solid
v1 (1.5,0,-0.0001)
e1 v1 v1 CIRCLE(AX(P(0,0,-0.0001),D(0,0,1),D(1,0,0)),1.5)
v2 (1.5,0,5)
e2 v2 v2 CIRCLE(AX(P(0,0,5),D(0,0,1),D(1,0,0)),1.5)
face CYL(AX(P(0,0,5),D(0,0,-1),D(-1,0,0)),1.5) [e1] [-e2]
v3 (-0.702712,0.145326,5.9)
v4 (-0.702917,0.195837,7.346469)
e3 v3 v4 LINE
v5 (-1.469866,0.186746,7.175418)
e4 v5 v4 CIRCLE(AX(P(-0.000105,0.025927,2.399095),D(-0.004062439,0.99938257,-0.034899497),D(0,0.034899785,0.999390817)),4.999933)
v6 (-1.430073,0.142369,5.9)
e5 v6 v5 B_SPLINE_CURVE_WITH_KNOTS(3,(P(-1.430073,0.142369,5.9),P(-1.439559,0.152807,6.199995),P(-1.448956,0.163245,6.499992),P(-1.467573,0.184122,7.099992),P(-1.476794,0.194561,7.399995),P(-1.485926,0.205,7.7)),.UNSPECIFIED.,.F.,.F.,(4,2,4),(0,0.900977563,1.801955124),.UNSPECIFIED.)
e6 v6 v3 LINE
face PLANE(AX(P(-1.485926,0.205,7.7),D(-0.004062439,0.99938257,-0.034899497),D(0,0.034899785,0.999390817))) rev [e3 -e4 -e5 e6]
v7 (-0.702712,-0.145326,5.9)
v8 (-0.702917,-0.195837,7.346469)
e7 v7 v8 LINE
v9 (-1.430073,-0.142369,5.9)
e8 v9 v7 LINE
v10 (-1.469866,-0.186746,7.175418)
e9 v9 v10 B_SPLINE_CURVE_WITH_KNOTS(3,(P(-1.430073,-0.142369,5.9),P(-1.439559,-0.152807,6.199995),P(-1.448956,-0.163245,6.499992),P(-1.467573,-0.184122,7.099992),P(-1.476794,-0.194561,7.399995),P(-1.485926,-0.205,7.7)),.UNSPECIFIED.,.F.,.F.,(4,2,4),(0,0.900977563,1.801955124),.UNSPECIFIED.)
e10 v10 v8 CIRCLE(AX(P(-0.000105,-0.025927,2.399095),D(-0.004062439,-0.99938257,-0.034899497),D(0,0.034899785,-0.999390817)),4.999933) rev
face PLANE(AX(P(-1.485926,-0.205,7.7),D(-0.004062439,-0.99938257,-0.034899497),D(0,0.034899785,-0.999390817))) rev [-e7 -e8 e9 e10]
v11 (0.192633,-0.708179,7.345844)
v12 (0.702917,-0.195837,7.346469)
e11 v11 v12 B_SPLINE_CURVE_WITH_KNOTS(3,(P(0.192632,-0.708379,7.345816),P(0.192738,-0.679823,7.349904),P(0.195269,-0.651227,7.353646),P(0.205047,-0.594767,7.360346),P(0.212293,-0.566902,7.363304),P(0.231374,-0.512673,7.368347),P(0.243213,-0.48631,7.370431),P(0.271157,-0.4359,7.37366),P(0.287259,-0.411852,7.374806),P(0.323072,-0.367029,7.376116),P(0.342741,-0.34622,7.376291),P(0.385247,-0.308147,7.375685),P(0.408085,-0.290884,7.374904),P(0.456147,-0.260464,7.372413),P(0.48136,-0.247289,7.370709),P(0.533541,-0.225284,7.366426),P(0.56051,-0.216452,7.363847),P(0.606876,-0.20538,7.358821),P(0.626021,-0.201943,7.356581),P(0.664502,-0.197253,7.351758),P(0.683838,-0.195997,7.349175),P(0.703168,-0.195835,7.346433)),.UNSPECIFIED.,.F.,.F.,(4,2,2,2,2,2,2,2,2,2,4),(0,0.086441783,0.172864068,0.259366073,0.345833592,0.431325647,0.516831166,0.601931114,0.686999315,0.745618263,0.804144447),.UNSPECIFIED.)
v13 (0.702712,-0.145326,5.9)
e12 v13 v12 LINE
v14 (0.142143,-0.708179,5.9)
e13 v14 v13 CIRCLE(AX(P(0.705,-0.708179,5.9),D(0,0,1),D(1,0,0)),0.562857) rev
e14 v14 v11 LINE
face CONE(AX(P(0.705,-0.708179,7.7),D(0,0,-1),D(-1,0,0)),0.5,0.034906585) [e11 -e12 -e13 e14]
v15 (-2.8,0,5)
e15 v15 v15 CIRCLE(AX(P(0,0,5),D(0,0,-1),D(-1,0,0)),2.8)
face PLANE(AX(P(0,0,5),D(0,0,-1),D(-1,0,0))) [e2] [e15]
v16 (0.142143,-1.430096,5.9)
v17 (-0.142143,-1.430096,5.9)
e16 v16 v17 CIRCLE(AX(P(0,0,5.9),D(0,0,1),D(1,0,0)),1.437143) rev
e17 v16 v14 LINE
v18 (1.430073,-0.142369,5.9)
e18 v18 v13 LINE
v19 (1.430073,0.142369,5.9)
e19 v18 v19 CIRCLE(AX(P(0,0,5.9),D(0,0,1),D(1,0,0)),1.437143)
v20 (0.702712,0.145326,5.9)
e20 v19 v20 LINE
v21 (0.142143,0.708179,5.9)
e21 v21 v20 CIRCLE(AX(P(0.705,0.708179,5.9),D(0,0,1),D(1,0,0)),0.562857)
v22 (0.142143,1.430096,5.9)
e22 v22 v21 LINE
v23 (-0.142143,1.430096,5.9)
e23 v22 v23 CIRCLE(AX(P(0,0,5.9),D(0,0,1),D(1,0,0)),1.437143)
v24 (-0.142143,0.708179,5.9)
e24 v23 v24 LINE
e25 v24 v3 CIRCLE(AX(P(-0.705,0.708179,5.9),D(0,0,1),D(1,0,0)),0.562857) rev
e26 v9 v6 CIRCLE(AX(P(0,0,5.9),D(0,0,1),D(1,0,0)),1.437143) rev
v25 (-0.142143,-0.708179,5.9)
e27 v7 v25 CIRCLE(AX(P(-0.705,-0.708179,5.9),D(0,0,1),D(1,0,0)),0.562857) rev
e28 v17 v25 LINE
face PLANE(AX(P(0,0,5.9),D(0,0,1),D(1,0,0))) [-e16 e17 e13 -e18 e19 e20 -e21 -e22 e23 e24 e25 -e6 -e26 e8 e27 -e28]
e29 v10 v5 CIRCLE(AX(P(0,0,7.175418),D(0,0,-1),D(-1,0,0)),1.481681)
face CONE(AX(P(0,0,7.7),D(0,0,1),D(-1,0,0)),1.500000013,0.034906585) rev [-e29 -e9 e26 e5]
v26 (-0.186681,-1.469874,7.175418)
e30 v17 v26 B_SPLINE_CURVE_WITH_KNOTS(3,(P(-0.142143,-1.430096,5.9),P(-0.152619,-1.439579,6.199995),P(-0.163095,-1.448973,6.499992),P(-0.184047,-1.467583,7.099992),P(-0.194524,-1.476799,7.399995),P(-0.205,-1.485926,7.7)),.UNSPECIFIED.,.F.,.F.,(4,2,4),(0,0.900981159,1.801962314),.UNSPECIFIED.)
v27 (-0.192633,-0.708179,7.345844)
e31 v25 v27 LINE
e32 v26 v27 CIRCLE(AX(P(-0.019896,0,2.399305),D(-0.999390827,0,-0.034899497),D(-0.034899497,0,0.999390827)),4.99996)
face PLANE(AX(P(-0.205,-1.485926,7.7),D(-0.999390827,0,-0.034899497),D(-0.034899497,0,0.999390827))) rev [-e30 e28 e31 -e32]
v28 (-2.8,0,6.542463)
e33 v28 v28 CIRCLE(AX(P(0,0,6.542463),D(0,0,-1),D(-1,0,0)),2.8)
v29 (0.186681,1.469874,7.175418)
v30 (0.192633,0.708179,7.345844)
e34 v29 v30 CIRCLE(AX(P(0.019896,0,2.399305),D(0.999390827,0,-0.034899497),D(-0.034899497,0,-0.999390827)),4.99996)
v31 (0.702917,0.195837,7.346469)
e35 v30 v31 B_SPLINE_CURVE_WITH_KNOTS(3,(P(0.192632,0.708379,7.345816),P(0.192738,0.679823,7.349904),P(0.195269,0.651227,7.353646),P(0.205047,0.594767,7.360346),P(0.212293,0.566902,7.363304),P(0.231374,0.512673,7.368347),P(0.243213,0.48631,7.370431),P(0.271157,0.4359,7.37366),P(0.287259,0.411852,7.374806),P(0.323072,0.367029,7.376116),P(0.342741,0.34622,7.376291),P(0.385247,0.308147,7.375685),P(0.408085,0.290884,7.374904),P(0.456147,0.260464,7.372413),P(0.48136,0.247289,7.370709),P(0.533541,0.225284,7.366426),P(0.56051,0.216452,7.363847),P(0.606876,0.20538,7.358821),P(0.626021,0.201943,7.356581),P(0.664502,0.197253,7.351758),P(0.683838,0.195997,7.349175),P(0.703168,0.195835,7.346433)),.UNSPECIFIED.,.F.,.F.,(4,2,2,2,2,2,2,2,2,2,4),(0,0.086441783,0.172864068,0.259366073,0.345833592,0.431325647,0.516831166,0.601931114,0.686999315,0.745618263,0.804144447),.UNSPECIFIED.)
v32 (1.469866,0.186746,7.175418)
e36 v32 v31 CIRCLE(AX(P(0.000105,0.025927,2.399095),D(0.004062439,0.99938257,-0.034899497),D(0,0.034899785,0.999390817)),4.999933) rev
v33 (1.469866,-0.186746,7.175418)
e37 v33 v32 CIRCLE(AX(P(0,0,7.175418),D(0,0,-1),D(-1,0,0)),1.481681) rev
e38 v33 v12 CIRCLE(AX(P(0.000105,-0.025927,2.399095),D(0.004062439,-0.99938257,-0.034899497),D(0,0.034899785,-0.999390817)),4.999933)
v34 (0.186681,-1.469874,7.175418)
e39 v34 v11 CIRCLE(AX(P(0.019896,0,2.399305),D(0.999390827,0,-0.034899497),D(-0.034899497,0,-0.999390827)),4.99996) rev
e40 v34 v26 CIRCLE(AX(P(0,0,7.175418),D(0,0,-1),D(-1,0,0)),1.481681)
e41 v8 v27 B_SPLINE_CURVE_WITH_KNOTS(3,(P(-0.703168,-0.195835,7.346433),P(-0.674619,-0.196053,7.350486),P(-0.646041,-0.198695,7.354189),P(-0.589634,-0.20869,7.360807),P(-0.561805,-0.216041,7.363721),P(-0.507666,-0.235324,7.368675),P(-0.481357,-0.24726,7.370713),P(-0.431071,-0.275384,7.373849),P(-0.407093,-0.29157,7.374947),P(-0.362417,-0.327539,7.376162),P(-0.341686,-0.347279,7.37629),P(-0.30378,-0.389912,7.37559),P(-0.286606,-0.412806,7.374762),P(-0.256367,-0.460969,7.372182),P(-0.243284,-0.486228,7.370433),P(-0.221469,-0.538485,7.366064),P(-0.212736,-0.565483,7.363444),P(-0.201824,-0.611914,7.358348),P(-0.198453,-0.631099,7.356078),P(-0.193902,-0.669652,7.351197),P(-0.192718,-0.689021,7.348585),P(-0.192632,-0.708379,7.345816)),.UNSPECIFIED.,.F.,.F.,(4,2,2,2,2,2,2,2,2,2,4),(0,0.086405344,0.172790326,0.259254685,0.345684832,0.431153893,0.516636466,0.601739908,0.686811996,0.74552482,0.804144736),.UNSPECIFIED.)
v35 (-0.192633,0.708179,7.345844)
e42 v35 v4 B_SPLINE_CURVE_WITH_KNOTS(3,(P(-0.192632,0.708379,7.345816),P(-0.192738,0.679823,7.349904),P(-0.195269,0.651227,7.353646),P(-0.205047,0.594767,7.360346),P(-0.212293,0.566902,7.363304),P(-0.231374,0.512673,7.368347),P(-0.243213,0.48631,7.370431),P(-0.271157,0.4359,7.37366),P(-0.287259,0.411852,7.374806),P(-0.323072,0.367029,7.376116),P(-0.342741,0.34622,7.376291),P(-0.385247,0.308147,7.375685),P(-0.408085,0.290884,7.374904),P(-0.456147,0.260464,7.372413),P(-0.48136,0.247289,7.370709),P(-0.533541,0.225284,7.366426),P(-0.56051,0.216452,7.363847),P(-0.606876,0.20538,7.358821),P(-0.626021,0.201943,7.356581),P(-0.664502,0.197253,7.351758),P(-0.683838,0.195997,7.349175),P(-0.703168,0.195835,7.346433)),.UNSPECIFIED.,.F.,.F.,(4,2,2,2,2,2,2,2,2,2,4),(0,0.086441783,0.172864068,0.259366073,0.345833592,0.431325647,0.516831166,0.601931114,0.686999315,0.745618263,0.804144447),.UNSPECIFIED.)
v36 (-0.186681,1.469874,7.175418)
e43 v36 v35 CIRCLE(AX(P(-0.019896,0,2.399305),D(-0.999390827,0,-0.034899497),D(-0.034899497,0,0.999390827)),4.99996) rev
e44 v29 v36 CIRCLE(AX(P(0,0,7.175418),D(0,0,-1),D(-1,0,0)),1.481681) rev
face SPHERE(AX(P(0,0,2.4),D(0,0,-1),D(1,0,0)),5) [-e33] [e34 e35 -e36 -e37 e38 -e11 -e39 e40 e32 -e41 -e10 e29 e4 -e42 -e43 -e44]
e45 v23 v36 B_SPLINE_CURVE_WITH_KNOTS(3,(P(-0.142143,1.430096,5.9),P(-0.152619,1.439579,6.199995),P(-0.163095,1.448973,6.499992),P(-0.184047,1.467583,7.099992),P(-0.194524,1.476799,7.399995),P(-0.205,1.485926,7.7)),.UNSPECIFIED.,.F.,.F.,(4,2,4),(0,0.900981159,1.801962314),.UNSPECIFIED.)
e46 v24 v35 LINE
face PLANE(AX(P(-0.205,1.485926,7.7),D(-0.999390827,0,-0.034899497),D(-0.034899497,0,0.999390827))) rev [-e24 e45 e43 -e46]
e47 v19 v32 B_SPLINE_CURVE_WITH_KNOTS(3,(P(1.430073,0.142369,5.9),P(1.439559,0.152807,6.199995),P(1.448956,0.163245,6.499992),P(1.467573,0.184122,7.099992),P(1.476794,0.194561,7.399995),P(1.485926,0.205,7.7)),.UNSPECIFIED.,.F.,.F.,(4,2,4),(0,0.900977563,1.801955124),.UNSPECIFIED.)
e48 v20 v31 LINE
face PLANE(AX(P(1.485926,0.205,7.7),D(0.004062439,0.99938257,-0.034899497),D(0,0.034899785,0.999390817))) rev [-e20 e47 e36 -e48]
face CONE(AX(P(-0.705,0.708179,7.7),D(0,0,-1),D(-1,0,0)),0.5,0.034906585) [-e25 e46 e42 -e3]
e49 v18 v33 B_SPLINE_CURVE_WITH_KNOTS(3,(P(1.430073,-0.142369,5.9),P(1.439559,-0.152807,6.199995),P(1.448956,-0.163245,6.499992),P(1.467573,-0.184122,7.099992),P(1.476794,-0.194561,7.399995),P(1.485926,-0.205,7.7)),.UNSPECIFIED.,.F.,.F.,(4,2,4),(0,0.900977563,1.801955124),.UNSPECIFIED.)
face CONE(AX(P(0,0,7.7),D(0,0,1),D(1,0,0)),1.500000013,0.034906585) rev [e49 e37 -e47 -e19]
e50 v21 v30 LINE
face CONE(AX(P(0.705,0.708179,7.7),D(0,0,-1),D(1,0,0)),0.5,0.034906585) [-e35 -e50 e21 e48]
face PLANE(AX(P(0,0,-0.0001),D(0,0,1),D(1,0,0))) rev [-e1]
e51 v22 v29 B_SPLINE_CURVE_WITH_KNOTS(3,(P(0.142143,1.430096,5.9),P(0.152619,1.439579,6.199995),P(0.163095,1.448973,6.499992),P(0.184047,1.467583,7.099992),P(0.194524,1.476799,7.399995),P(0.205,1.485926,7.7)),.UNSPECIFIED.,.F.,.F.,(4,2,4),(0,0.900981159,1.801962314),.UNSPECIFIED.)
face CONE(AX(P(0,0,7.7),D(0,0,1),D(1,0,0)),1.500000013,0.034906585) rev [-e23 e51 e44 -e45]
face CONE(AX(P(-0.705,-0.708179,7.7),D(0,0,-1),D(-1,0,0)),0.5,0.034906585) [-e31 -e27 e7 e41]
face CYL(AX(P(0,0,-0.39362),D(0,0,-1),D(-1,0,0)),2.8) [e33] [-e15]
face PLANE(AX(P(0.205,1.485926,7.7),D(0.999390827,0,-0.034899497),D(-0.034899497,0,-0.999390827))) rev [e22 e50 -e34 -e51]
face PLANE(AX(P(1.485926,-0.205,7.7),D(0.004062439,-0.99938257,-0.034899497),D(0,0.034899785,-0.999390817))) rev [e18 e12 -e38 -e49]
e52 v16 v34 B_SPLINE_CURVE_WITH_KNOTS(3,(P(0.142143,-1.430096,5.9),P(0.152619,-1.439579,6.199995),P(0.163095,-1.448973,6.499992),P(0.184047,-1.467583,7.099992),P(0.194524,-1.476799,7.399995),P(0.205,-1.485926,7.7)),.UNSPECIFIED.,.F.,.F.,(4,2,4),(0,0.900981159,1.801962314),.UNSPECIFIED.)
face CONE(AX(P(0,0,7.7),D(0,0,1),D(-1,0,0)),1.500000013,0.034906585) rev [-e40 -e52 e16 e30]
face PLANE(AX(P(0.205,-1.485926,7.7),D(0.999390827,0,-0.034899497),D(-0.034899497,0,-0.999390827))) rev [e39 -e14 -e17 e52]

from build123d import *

# Parameters (mm, degrees)
SKETCH1_R               = 1.5
BASE_EXTRUDE_DEPTH      = 5
BASE_EXTRUDE_DEPTH_BACK = 0.0001
CUT_EXTRUDE1_DEPTH      = 1.799999969
CUT_EXTRUDE1_TAPER      = 2


with BuildPart() as part:
    # Sketch1 → Base-Extrude (new body, two sides)
    with BuildSketch(Plane.XY) as base_extrude_sk:
        Circle(SKETCH1_R)
    extrude(amount=BASE_EXTRUDE_DEPTH)
    extrude(base_extrude_sk.sketch, amount=-BASE_EXTRUDE_DEPTH_BACK)

    # Sketch6 → Boss-Revolve2 (revolve)
    with BuildSketch(Plane(origin=(0, 0, 0), x_dir=(1, 0, 0), z_dir=(0, 1, 0))):
        with BuildLine():
            Line((0, -5), (2.7999999, -5))
            Line((2.7999999, -5), (2.7999999, -6.54246308))
            ThreePointArc((2.7999999, -6.54246308), (1.46418655, -7.180811406), (0, -7.4))
            Line((0, -7.4), (0, -5))
        make_face()
    revolve(axis=Axis((0, 0, -0.393620135), (0, 0, 1)))

    # Sketch7 → Cut-Extrude1 (cut)
    with BuildSketch(Plane(origin=(0, 0, 7.7000001), x_dir=(-1, 0, 0), z_dir=(0, 0, -1))):
        with BuildLine():
            ThreePointArc((0.205000004, 1.48592565), (0, 1.500000013), (-0.205000004, 1.48592565))
            Line((-0.205000004, 1.48592565), (-0.205000004, 0.708178558))
            ThreePointArc((-0.205000004, 0.708178558), (-0.35072876, 0.355344481), (-0.702967546, 0.208182689))
            Line((-0.702967546, 0.208182689), (-1.48592565, 0.205000004))
            ThreePointArc((-1.48592565, 0.205000004), (-1.500000013, 0), (-1.48592565, -0.205000004))
            Line((-1.48592565, -0.205000004), (-0.702967546, -0.208182689))
            ThreePointArc((-0.702967546, -0.208182689), (-0.35072876, -0.355344481), (-0.205000004, -0.708178558))
            Line((-0.205000004, -0.708178558), (-0.205000004, -1.48592565))
            ThreePointArc((-0.205000004, -1.48592565), (0, -1.500000013), (0.205000004, -1.48592565))
            Line((0.205000004, -1.48592565), (0.205000004, -0.708178558))
            ThreePointArc((0.205000004, -0.708178558), (0.35072876, -0.355344481), (0.702967546, -0.208182689))
            Line((0.702967546, -0.208182689), (1.48592565, -0.205000004))
            ThreePointArc((1.48592565, -0.205000004), (1.500000013, 0), (1.48592565, 0.205000004))
            Line((1.48592565, 0.205000004), (0.702967546, 0.208182689))
            ThreePointArc((0.702967546, 0.208182689), (0.35072876, 0.355344481), (0.205000004, 0.708178558))
            Line((0.205000004, 0.708178558), (0.205000004, 1.48592565))
        make_face()
    extrude(amount=CUT_EXTRUDE1_DEPTH, taper=CUT_EXTRUDE1_TAPER, mode=Mode.SUBTRACT)


solid = part.part
